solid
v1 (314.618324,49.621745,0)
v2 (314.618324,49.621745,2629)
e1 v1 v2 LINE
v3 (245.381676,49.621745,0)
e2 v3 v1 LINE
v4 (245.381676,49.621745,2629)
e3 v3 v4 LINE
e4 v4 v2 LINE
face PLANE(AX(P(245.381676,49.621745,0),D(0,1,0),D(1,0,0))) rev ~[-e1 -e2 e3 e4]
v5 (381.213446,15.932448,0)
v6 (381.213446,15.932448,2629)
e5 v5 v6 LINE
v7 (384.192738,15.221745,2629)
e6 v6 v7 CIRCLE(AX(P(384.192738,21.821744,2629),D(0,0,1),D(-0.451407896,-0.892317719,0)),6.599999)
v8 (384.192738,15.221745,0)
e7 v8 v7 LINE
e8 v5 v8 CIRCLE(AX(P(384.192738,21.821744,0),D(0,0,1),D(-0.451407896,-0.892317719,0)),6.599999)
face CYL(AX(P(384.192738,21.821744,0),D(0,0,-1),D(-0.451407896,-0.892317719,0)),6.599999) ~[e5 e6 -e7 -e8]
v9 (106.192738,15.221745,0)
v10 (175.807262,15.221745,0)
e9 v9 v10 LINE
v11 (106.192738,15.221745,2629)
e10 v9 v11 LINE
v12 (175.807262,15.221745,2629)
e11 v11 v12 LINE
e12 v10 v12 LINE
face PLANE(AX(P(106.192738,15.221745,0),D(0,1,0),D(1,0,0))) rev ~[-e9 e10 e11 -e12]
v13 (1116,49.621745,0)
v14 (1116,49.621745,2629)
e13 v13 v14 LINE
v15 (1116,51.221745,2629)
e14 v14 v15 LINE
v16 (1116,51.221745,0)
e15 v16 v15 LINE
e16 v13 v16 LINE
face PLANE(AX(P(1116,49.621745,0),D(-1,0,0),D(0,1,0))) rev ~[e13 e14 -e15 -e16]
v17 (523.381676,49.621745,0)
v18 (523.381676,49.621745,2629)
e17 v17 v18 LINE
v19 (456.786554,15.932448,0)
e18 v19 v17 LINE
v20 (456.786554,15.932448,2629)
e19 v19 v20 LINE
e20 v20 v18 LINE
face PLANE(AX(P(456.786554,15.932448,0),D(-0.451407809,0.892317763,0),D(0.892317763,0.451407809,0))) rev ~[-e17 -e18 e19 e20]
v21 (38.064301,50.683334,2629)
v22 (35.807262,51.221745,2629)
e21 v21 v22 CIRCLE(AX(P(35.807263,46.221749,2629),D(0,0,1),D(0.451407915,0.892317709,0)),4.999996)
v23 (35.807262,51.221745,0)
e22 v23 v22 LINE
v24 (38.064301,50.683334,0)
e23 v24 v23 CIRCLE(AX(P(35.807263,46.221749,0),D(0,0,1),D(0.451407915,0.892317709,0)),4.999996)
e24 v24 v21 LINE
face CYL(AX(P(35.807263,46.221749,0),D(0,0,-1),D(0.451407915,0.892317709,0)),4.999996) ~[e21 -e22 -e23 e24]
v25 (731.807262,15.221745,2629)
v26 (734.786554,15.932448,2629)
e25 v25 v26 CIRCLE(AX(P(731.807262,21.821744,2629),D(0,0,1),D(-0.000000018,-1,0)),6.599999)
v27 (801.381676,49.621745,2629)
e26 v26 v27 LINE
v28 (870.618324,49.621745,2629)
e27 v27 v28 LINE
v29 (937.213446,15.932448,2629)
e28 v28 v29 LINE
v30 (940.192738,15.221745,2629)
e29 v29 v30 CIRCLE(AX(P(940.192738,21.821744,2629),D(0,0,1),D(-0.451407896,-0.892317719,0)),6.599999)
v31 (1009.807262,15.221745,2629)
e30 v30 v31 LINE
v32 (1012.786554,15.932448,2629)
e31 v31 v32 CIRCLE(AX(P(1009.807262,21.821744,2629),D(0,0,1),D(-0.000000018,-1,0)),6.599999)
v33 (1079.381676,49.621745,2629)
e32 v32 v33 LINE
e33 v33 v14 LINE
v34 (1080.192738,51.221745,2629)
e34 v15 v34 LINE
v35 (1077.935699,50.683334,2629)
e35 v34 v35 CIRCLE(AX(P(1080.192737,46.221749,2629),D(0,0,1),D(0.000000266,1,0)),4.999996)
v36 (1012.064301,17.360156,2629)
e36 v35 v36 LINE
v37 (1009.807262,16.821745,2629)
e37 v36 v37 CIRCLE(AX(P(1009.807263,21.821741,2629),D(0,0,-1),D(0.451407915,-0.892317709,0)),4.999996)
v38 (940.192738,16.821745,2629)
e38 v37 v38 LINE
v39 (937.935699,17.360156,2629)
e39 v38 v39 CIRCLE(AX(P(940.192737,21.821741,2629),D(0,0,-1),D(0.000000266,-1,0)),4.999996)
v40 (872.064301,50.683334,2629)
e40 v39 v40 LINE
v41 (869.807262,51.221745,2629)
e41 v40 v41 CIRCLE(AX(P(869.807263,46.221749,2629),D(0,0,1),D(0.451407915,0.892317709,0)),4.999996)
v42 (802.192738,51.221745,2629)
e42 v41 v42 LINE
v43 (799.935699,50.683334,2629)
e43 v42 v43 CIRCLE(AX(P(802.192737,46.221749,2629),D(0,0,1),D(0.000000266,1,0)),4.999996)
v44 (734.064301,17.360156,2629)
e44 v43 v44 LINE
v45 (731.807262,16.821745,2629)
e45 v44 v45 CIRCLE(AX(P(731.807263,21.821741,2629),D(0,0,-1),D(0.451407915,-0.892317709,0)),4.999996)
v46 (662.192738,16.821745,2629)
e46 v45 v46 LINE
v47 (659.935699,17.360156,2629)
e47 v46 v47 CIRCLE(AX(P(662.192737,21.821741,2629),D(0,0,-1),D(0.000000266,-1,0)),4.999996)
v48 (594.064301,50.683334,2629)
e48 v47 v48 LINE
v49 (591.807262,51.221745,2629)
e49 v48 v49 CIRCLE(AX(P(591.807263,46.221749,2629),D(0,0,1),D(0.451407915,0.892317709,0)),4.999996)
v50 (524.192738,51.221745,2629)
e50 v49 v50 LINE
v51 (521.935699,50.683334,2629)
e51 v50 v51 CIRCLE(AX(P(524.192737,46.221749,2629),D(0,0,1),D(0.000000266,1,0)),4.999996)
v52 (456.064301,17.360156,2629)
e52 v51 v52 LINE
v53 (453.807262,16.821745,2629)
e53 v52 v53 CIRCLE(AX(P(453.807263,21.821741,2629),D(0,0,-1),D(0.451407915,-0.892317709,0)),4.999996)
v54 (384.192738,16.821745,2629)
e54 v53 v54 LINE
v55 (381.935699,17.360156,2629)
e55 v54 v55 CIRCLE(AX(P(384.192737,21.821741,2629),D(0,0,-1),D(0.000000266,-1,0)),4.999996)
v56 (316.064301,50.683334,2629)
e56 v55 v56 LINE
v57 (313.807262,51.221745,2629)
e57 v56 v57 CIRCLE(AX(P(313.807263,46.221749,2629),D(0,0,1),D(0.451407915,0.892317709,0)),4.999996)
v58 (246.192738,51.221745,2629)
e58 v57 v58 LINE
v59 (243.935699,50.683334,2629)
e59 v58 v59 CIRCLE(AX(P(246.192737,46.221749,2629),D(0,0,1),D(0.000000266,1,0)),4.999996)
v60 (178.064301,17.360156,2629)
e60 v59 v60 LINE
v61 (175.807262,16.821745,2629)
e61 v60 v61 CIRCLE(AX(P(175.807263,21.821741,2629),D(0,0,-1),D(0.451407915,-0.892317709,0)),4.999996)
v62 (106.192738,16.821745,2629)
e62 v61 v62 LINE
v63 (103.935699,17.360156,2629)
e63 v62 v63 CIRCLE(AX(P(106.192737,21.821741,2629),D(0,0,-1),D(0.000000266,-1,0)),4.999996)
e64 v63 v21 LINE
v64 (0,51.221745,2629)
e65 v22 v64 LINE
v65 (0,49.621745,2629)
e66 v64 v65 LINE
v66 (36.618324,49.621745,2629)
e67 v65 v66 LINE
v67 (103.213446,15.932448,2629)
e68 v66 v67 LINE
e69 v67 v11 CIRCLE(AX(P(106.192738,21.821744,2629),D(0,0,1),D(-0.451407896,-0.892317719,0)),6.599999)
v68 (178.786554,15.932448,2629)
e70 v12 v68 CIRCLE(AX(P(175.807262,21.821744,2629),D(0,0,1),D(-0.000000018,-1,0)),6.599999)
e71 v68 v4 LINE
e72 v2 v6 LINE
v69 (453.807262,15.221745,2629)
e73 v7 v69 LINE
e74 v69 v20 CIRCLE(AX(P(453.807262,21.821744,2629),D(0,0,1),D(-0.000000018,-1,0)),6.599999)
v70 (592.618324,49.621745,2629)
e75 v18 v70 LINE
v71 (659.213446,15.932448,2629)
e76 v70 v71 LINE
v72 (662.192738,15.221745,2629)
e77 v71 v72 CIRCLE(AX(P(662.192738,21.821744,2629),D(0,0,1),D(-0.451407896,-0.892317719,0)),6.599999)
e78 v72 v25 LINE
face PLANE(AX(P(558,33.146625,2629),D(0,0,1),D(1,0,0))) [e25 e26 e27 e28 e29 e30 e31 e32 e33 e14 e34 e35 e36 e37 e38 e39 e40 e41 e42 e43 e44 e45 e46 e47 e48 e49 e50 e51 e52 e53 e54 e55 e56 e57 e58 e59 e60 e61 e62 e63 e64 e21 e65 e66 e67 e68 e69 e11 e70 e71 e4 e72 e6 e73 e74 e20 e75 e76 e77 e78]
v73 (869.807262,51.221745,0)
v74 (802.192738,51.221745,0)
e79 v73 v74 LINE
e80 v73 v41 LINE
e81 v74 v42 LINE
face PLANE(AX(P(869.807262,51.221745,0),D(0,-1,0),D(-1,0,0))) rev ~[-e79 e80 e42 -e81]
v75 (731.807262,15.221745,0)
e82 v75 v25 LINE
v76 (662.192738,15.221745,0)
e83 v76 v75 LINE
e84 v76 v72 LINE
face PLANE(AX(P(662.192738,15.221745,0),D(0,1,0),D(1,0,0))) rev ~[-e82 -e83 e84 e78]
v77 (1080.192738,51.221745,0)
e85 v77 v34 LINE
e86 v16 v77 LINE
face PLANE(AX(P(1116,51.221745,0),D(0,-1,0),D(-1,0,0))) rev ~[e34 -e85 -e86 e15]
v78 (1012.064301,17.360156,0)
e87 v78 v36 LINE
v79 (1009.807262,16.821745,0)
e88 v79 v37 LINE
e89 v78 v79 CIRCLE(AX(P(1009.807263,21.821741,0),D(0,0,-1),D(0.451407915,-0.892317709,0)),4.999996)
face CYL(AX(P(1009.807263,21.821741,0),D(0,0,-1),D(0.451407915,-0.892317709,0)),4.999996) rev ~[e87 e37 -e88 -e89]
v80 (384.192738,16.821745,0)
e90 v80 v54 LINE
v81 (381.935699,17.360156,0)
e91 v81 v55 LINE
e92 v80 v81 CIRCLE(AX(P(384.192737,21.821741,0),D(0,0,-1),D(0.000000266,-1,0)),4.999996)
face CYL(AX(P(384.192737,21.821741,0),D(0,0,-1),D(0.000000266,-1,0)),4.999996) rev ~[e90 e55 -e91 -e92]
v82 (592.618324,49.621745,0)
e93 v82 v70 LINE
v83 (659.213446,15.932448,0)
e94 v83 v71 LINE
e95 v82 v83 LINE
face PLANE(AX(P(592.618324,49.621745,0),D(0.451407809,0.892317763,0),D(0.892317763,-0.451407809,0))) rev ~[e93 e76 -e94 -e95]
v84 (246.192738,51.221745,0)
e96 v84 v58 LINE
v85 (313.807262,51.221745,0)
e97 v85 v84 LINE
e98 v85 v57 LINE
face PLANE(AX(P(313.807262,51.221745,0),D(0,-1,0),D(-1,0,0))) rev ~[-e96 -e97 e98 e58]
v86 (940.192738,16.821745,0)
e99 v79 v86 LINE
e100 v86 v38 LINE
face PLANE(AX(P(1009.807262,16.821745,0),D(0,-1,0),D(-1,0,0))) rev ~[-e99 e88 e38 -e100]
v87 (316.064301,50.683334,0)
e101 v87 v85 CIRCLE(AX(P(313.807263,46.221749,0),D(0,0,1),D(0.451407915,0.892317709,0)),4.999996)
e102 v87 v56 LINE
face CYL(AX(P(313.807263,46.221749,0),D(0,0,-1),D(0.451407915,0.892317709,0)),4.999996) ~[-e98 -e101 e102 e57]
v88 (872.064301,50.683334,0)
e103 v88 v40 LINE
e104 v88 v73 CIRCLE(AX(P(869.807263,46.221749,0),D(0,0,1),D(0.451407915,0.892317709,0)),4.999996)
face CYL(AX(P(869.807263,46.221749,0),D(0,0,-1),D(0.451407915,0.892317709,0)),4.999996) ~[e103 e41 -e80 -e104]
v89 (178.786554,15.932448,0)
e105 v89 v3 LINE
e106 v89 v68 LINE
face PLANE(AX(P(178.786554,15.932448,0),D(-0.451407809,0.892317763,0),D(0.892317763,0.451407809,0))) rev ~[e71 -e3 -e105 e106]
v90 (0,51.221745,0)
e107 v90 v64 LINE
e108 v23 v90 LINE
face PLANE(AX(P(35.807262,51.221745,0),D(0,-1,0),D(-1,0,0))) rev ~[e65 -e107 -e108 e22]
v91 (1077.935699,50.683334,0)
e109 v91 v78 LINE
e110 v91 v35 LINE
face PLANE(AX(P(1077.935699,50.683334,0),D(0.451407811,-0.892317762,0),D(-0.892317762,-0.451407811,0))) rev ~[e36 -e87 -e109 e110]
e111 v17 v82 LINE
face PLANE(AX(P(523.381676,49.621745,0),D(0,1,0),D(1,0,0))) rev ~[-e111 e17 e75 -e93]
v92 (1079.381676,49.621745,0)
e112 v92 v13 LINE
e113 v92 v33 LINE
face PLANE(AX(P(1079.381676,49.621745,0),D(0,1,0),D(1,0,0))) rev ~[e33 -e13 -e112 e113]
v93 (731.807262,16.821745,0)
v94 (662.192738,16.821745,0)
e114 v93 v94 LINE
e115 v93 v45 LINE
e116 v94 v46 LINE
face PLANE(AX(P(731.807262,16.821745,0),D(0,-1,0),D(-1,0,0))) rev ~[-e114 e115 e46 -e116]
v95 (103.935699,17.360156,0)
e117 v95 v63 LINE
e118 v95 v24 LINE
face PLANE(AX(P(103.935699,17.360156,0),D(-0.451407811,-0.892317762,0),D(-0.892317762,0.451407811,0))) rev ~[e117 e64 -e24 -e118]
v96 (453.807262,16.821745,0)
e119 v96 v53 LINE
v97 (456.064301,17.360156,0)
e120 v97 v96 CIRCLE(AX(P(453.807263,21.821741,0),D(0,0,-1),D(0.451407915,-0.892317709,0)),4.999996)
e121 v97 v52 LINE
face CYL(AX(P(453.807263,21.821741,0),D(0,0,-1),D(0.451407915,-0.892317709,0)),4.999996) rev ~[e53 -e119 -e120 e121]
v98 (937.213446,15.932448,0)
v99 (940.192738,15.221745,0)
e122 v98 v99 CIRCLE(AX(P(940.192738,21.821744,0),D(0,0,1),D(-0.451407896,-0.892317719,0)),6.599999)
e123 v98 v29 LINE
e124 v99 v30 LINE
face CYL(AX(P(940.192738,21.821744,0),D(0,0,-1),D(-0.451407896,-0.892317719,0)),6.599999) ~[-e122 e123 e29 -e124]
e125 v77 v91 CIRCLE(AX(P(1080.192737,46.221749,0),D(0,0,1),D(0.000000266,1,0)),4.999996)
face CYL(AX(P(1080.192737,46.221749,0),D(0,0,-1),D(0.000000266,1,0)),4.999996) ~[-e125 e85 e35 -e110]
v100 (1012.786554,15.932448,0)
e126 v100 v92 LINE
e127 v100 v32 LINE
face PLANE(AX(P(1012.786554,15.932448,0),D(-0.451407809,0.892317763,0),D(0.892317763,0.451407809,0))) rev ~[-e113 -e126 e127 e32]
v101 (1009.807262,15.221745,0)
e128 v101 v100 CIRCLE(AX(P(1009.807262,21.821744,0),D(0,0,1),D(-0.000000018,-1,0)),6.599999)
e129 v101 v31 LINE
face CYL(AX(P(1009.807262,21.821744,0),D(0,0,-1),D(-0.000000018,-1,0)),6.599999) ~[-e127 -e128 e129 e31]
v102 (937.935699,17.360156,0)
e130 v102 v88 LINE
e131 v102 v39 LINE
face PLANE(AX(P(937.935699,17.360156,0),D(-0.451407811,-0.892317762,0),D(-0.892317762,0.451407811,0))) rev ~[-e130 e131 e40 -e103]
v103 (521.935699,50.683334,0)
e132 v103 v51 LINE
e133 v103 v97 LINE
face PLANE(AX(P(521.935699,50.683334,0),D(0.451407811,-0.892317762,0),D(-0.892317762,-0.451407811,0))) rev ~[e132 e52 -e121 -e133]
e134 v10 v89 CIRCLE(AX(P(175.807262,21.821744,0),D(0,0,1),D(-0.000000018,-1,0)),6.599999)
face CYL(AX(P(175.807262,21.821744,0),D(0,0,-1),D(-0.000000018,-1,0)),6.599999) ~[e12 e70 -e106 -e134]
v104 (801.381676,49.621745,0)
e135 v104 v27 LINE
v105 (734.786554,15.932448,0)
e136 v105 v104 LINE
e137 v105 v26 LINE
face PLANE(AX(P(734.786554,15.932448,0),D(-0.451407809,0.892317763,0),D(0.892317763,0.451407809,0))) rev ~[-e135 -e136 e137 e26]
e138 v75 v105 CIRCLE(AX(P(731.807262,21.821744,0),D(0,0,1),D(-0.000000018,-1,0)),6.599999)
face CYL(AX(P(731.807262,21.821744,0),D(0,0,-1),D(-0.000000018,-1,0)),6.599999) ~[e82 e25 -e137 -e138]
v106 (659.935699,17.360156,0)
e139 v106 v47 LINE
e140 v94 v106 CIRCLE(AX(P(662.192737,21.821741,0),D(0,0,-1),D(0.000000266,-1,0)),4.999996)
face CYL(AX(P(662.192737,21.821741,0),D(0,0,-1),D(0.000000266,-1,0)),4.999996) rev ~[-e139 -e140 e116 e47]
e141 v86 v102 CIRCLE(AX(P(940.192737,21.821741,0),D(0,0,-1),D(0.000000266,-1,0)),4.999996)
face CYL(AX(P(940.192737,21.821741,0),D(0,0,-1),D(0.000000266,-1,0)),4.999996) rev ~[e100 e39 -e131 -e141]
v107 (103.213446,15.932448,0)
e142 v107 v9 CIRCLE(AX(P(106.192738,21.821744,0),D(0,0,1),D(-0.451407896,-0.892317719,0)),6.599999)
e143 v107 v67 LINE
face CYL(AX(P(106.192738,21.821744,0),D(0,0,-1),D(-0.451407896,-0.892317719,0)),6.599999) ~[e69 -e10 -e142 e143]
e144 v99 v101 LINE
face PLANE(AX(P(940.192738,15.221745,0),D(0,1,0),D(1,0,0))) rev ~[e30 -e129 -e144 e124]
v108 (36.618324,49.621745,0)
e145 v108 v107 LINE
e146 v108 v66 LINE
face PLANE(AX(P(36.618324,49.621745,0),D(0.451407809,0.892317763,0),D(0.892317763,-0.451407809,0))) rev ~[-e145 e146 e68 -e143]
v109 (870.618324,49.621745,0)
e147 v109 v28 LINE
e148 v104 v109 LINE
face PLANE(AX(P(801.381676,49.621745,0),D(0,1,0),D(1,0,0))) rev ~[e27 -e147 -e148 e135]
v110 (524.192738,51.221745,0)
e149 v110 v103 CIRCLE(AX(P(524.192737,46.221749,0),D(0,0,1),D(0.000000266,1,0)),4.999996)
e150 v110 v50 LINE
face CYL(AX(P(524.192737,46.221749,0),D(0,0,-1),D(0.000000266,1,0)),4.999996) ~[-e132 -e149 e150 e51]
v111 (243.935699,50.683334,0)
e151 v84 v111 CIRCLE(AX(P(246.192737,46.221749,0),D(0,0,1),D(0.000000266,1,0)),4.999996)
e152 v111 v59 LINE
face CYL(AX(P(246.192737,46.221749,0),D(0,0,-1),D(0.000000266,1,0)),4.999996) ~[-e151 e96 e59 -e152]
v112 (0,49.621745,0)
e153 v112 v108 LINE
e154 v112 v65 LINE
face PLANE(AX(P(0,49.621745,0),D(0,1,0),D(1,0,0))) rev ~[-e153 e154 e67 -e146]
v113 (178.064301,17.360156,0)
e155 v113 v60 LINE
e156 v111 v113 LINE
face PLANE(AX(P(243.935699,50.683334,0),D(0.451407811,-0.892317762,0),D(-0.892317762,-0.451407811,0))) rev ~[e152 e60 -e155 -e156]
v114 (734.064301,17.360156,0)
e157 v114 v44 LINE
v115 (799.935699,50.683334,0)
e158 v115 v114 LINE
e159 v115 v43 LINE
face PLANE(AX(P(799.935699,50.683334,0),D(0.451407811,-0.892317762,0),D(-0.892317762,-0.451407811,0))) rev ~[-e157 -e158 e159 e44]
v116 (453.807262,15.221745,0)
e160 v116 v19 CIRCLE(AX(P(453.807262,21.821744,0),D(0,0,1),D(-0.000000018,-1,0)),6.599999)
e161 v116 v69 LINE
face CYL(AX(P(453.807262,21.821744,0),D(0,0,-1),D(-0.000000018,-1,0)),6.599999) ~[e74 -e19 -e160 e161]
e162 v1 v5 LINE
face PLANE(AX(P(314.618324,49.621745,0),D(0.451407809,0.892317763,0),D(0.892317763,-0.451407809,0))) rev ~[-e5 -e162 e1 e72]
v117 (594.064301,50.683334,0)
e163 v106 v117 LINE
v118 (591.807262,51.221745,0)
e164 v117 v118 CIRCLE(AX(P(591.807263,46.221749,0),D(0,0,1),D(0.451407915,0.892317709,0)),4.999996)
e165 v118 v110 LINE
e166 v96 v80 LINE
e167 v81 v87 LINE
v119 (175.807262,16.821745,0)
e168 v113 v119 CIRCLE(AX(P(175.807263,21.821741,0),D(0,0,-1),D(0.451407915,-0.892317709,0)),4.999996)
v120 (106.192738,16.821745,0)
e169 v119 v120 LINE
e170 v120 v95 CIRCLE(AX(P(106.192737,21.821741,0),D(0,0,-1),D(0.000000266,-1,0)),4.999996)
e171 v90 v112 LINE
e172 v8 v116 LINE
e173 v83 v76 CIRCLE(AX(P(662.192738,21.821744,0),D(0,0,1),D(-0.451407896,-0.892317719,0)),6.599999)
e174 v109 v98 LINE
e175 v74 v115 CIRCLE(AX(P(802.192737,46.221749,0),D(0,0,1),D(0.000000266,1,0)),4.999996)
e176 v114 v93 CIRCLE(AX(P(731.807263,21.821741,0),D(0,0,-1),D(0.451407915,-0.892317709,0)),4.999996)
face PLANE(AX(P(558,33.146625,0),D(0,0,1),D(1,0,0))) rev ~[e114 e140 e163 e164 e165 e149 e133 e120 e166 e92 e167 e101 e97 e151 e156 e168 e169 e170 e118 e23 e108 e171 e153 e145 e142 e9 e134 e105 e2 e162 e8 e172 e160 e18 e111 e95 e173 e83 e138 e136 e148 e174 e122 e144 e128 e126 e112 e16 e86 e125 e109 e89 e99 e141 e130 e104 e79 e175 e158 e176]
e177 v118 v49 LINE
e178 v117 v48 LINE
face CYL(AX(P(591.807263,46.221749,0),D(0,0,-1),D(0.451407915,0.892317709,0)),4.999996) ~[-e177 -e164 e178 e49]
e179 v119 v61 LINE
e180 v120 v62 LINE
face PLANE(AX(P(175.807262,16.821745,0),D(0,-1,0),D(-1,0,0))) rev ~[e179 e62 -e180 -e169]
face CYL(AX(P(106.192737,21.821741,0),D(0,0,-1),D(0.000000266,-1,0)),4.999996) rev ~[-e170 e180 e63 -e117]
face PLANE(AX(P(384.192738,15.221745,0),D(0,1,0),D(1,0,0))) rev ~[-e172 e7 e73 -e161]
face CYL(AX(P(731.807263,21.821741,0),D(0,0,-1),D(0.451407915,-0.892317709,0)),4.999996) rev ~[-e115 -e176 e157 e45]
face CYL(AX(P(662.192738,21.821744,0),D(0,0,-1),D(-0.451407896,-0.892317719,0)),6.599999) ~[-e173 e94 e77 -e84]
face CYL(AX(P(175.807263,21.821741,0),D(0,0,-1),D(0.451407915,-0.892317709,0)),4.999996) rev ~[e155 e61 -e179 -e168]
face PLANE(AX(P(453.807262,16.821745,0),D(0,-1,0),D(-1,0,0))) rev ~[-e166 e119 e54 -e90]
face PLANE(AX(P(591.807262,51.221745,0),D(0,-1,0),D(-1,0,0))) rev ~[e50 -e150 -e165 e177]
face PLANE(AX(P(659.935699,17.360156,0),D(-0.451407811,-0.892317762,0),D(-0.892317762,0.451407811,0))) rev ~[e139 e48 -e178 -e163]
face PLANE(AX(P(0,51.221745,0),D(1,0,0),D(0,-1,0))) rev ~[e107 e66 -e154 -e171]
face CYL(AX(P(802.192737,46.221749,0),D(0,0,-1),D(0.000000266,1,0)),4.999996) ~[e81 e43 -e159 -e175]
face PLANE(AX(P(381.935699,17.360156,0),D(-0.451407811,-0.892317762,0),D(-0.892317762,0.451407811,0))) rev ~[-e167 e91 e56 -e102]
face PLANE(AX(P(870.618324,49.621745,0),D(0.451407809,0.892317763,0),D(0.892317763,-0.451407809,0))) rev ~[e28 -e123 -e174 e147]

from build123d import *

# Parameters (mm, degrees)
F1_DEPTH = 2629


with BuildPart() as f1:
    # F0 (on Top) → F1 (new body)
    with BuildSketch(Plane.XY):
        with BuildLine():
            ThreePointArc((103.213446, 15.932448), (104.661294, 15.401879), (106.192738, 15.221745))
            Line((106.192738, 15.221745), (175.807262, 15.221745))
            ThreePointArc((175.807262, 15.221745), (177.338706, 15.401879), (178.786554, 15.932448))
            Line((178.786554, 15.932448), (245.381676, 49.621745))
            Line((245.381676, 49.621745), (314.618324, 49.621745))
            Line((314.618324, 49.621745), (381.213446, 15.932448))
            ThreePointArc((381.213446, 15.932448), (382.661294, 15.401879), (384.192738, 15.221745))
            Line((384.192738, 15.221745), (453.807262, 15.221745))
            ThreePointArc((453.807262, 15.221745), (455.338706, 15.401879), (456.786554, 15.932448))
            Line((456.786554, 15.932448), (523.381676, 49.621745))
            Line((523.381676, 49.621745), (592.618324, 49.621745))
            Line((592.618324, 49.621745), (659.213446, 15.932448))
            ThreePointArc((659.213446, 15.932448), (660.661294, 15.401879), (662.192738, 15.221745))
            Line((662.192738, 15.221745), (731.807262, 15.221745))
            ThreePointArc((731.807262, 15.221745), (733.338706, 15.401879), (734.786554, 15.932448))
            Line((734.786554, 15.932448), (801.381676, 49.621745))
            Line((801.381676, 49.621745), (870.618324, 49.621745))
            Line((870.618324, 49.621745), (937.213446, 15.932448))
            ThreePointArc((937.213446, 15.932448), (938.661294, 15.401879), (940.192738, 15.221745))
            Line((940.192738, 15.221745), (1009.807262, 15.221745))
            ThreePointArc((1009.807262, 15.221745), (1011.338706, 15.401879), (1012.786554, 15.932448))
            Line((1012.786554, 15.932448), (1079.381676, 49.621745))
            Line((1079.381676, 49.621745), (1116, 49.621745))
            Line((1116, 49.621745), (1116, 51.221745))
            Line((1116, 51.221745), (1080.192738, 51.221745))
            ThreePointArc((1080.192738, 51.221745), (1079.032553, 51.08528), (1077.935699, 50.683334))
            Line((1077.935699, 50.683334), (1012.064301, 17.360156))
            ThreePointArc((1012.064301, 17.360156), (1010.967447, 16.95821), (1009.807262, 16.821745))
            Line((1009.807262, 16.821745), (940.192738, 16.821745))
            ThreePointArc((940.192738, 16.821745), (939.032553, 16.95821), (937.935699, 17.360156))
            Line((937.935699, 17.360156), (872.064301, 50.683334))
            ThreePointArc((872.064301, 50.683334), (870.967447, 51.08528), (869.807262, 51.221745))
            Line((869.807262, 51.221745), (802.192738, 51.221745))
            ThreePointArc((802.192738, 51.221745), (801.032553, 51.08528), (799.935699, 50.683334))
            Line((799.935699, 50.683334), (734.064301, 17.360156))
            ThreePointArc((734.064301, 17.360156), (732.967447, 16.95821), (731.807262, 16.821745))
            Line((731.807262, 16.821745), (662.192738, 16.821745))
            ThreePointArc((662.192738, 16.821745), (661.032553, 16.95821), (659.935699, 17.360156))
            Line((659.935699, 17.360156), (594.064301, 50.683334))
            ThreePointArc((594.064301, 50.683334), (592.967447, 51.08528), (591.807262, 51.221745))
            Line((591.807262, 51.221745), (524.192738, 51.221745))
            ThreePointArc((524.192738, 51.221745), (523.032553, 51.08528), (521.935699, 50.683334))
            Line((521.935699, 50.683334), (456.064301, 17.360156))
            ThreePointArc((456.064301, 17.360156), (454.967447, 16.95821), (453.807262, 16.821745))
            Line((453.807262, 16.821745), (384.192738, 16.821745))
            ThreePointArc((384.192738, 16.821745), (383.032553, 16.95821), (381.935699, 17.360156))
            Line((381.935699, 17.360156), (316.064301, 50.683334))
            ThreePointArc((316.064301, 50.683334), (314.967447, 51.08528), (313.807262, 51.221745))
            Line((313.807262, 51.221745), (246.192738, 51.221745))
            ThreePointArc((246.192738, 51.221745), (245.032553, 51.08528), (243.935699, 50.683334))
            Line((243.935699, 50.683334), (178.064301, 17.360156))
            ThreePointArc((178.064301, 17.360156), (176.967447, 16.95821), (175.807262, 16.821745))
            Line((175.807262, 16.821745), (106.192738, 16.821745))
            ThreePointArc((106.192738, 16.821745), (105.032553, 16.95821), (103.935699, 17.360156))
            Line((103.935699, 17.360156), (38.064301, 50.683334))
            ThreePointArc((38.064301, 50.683334), (36.967447, 51.08528), (35.807262, 51.221745))
            Line((35.807262, 51.221745), (0, 51.221745))
            Line((0, 51.221745), (0, 49.621745))
            Line((0, 49.621745), (36.618324, 49.621745))
            Line((36.618324, 49.621745), (103.213446, 15.932448))
        make_face()
    extrude(amount=F1_DEPTH)


solid = f1.part
